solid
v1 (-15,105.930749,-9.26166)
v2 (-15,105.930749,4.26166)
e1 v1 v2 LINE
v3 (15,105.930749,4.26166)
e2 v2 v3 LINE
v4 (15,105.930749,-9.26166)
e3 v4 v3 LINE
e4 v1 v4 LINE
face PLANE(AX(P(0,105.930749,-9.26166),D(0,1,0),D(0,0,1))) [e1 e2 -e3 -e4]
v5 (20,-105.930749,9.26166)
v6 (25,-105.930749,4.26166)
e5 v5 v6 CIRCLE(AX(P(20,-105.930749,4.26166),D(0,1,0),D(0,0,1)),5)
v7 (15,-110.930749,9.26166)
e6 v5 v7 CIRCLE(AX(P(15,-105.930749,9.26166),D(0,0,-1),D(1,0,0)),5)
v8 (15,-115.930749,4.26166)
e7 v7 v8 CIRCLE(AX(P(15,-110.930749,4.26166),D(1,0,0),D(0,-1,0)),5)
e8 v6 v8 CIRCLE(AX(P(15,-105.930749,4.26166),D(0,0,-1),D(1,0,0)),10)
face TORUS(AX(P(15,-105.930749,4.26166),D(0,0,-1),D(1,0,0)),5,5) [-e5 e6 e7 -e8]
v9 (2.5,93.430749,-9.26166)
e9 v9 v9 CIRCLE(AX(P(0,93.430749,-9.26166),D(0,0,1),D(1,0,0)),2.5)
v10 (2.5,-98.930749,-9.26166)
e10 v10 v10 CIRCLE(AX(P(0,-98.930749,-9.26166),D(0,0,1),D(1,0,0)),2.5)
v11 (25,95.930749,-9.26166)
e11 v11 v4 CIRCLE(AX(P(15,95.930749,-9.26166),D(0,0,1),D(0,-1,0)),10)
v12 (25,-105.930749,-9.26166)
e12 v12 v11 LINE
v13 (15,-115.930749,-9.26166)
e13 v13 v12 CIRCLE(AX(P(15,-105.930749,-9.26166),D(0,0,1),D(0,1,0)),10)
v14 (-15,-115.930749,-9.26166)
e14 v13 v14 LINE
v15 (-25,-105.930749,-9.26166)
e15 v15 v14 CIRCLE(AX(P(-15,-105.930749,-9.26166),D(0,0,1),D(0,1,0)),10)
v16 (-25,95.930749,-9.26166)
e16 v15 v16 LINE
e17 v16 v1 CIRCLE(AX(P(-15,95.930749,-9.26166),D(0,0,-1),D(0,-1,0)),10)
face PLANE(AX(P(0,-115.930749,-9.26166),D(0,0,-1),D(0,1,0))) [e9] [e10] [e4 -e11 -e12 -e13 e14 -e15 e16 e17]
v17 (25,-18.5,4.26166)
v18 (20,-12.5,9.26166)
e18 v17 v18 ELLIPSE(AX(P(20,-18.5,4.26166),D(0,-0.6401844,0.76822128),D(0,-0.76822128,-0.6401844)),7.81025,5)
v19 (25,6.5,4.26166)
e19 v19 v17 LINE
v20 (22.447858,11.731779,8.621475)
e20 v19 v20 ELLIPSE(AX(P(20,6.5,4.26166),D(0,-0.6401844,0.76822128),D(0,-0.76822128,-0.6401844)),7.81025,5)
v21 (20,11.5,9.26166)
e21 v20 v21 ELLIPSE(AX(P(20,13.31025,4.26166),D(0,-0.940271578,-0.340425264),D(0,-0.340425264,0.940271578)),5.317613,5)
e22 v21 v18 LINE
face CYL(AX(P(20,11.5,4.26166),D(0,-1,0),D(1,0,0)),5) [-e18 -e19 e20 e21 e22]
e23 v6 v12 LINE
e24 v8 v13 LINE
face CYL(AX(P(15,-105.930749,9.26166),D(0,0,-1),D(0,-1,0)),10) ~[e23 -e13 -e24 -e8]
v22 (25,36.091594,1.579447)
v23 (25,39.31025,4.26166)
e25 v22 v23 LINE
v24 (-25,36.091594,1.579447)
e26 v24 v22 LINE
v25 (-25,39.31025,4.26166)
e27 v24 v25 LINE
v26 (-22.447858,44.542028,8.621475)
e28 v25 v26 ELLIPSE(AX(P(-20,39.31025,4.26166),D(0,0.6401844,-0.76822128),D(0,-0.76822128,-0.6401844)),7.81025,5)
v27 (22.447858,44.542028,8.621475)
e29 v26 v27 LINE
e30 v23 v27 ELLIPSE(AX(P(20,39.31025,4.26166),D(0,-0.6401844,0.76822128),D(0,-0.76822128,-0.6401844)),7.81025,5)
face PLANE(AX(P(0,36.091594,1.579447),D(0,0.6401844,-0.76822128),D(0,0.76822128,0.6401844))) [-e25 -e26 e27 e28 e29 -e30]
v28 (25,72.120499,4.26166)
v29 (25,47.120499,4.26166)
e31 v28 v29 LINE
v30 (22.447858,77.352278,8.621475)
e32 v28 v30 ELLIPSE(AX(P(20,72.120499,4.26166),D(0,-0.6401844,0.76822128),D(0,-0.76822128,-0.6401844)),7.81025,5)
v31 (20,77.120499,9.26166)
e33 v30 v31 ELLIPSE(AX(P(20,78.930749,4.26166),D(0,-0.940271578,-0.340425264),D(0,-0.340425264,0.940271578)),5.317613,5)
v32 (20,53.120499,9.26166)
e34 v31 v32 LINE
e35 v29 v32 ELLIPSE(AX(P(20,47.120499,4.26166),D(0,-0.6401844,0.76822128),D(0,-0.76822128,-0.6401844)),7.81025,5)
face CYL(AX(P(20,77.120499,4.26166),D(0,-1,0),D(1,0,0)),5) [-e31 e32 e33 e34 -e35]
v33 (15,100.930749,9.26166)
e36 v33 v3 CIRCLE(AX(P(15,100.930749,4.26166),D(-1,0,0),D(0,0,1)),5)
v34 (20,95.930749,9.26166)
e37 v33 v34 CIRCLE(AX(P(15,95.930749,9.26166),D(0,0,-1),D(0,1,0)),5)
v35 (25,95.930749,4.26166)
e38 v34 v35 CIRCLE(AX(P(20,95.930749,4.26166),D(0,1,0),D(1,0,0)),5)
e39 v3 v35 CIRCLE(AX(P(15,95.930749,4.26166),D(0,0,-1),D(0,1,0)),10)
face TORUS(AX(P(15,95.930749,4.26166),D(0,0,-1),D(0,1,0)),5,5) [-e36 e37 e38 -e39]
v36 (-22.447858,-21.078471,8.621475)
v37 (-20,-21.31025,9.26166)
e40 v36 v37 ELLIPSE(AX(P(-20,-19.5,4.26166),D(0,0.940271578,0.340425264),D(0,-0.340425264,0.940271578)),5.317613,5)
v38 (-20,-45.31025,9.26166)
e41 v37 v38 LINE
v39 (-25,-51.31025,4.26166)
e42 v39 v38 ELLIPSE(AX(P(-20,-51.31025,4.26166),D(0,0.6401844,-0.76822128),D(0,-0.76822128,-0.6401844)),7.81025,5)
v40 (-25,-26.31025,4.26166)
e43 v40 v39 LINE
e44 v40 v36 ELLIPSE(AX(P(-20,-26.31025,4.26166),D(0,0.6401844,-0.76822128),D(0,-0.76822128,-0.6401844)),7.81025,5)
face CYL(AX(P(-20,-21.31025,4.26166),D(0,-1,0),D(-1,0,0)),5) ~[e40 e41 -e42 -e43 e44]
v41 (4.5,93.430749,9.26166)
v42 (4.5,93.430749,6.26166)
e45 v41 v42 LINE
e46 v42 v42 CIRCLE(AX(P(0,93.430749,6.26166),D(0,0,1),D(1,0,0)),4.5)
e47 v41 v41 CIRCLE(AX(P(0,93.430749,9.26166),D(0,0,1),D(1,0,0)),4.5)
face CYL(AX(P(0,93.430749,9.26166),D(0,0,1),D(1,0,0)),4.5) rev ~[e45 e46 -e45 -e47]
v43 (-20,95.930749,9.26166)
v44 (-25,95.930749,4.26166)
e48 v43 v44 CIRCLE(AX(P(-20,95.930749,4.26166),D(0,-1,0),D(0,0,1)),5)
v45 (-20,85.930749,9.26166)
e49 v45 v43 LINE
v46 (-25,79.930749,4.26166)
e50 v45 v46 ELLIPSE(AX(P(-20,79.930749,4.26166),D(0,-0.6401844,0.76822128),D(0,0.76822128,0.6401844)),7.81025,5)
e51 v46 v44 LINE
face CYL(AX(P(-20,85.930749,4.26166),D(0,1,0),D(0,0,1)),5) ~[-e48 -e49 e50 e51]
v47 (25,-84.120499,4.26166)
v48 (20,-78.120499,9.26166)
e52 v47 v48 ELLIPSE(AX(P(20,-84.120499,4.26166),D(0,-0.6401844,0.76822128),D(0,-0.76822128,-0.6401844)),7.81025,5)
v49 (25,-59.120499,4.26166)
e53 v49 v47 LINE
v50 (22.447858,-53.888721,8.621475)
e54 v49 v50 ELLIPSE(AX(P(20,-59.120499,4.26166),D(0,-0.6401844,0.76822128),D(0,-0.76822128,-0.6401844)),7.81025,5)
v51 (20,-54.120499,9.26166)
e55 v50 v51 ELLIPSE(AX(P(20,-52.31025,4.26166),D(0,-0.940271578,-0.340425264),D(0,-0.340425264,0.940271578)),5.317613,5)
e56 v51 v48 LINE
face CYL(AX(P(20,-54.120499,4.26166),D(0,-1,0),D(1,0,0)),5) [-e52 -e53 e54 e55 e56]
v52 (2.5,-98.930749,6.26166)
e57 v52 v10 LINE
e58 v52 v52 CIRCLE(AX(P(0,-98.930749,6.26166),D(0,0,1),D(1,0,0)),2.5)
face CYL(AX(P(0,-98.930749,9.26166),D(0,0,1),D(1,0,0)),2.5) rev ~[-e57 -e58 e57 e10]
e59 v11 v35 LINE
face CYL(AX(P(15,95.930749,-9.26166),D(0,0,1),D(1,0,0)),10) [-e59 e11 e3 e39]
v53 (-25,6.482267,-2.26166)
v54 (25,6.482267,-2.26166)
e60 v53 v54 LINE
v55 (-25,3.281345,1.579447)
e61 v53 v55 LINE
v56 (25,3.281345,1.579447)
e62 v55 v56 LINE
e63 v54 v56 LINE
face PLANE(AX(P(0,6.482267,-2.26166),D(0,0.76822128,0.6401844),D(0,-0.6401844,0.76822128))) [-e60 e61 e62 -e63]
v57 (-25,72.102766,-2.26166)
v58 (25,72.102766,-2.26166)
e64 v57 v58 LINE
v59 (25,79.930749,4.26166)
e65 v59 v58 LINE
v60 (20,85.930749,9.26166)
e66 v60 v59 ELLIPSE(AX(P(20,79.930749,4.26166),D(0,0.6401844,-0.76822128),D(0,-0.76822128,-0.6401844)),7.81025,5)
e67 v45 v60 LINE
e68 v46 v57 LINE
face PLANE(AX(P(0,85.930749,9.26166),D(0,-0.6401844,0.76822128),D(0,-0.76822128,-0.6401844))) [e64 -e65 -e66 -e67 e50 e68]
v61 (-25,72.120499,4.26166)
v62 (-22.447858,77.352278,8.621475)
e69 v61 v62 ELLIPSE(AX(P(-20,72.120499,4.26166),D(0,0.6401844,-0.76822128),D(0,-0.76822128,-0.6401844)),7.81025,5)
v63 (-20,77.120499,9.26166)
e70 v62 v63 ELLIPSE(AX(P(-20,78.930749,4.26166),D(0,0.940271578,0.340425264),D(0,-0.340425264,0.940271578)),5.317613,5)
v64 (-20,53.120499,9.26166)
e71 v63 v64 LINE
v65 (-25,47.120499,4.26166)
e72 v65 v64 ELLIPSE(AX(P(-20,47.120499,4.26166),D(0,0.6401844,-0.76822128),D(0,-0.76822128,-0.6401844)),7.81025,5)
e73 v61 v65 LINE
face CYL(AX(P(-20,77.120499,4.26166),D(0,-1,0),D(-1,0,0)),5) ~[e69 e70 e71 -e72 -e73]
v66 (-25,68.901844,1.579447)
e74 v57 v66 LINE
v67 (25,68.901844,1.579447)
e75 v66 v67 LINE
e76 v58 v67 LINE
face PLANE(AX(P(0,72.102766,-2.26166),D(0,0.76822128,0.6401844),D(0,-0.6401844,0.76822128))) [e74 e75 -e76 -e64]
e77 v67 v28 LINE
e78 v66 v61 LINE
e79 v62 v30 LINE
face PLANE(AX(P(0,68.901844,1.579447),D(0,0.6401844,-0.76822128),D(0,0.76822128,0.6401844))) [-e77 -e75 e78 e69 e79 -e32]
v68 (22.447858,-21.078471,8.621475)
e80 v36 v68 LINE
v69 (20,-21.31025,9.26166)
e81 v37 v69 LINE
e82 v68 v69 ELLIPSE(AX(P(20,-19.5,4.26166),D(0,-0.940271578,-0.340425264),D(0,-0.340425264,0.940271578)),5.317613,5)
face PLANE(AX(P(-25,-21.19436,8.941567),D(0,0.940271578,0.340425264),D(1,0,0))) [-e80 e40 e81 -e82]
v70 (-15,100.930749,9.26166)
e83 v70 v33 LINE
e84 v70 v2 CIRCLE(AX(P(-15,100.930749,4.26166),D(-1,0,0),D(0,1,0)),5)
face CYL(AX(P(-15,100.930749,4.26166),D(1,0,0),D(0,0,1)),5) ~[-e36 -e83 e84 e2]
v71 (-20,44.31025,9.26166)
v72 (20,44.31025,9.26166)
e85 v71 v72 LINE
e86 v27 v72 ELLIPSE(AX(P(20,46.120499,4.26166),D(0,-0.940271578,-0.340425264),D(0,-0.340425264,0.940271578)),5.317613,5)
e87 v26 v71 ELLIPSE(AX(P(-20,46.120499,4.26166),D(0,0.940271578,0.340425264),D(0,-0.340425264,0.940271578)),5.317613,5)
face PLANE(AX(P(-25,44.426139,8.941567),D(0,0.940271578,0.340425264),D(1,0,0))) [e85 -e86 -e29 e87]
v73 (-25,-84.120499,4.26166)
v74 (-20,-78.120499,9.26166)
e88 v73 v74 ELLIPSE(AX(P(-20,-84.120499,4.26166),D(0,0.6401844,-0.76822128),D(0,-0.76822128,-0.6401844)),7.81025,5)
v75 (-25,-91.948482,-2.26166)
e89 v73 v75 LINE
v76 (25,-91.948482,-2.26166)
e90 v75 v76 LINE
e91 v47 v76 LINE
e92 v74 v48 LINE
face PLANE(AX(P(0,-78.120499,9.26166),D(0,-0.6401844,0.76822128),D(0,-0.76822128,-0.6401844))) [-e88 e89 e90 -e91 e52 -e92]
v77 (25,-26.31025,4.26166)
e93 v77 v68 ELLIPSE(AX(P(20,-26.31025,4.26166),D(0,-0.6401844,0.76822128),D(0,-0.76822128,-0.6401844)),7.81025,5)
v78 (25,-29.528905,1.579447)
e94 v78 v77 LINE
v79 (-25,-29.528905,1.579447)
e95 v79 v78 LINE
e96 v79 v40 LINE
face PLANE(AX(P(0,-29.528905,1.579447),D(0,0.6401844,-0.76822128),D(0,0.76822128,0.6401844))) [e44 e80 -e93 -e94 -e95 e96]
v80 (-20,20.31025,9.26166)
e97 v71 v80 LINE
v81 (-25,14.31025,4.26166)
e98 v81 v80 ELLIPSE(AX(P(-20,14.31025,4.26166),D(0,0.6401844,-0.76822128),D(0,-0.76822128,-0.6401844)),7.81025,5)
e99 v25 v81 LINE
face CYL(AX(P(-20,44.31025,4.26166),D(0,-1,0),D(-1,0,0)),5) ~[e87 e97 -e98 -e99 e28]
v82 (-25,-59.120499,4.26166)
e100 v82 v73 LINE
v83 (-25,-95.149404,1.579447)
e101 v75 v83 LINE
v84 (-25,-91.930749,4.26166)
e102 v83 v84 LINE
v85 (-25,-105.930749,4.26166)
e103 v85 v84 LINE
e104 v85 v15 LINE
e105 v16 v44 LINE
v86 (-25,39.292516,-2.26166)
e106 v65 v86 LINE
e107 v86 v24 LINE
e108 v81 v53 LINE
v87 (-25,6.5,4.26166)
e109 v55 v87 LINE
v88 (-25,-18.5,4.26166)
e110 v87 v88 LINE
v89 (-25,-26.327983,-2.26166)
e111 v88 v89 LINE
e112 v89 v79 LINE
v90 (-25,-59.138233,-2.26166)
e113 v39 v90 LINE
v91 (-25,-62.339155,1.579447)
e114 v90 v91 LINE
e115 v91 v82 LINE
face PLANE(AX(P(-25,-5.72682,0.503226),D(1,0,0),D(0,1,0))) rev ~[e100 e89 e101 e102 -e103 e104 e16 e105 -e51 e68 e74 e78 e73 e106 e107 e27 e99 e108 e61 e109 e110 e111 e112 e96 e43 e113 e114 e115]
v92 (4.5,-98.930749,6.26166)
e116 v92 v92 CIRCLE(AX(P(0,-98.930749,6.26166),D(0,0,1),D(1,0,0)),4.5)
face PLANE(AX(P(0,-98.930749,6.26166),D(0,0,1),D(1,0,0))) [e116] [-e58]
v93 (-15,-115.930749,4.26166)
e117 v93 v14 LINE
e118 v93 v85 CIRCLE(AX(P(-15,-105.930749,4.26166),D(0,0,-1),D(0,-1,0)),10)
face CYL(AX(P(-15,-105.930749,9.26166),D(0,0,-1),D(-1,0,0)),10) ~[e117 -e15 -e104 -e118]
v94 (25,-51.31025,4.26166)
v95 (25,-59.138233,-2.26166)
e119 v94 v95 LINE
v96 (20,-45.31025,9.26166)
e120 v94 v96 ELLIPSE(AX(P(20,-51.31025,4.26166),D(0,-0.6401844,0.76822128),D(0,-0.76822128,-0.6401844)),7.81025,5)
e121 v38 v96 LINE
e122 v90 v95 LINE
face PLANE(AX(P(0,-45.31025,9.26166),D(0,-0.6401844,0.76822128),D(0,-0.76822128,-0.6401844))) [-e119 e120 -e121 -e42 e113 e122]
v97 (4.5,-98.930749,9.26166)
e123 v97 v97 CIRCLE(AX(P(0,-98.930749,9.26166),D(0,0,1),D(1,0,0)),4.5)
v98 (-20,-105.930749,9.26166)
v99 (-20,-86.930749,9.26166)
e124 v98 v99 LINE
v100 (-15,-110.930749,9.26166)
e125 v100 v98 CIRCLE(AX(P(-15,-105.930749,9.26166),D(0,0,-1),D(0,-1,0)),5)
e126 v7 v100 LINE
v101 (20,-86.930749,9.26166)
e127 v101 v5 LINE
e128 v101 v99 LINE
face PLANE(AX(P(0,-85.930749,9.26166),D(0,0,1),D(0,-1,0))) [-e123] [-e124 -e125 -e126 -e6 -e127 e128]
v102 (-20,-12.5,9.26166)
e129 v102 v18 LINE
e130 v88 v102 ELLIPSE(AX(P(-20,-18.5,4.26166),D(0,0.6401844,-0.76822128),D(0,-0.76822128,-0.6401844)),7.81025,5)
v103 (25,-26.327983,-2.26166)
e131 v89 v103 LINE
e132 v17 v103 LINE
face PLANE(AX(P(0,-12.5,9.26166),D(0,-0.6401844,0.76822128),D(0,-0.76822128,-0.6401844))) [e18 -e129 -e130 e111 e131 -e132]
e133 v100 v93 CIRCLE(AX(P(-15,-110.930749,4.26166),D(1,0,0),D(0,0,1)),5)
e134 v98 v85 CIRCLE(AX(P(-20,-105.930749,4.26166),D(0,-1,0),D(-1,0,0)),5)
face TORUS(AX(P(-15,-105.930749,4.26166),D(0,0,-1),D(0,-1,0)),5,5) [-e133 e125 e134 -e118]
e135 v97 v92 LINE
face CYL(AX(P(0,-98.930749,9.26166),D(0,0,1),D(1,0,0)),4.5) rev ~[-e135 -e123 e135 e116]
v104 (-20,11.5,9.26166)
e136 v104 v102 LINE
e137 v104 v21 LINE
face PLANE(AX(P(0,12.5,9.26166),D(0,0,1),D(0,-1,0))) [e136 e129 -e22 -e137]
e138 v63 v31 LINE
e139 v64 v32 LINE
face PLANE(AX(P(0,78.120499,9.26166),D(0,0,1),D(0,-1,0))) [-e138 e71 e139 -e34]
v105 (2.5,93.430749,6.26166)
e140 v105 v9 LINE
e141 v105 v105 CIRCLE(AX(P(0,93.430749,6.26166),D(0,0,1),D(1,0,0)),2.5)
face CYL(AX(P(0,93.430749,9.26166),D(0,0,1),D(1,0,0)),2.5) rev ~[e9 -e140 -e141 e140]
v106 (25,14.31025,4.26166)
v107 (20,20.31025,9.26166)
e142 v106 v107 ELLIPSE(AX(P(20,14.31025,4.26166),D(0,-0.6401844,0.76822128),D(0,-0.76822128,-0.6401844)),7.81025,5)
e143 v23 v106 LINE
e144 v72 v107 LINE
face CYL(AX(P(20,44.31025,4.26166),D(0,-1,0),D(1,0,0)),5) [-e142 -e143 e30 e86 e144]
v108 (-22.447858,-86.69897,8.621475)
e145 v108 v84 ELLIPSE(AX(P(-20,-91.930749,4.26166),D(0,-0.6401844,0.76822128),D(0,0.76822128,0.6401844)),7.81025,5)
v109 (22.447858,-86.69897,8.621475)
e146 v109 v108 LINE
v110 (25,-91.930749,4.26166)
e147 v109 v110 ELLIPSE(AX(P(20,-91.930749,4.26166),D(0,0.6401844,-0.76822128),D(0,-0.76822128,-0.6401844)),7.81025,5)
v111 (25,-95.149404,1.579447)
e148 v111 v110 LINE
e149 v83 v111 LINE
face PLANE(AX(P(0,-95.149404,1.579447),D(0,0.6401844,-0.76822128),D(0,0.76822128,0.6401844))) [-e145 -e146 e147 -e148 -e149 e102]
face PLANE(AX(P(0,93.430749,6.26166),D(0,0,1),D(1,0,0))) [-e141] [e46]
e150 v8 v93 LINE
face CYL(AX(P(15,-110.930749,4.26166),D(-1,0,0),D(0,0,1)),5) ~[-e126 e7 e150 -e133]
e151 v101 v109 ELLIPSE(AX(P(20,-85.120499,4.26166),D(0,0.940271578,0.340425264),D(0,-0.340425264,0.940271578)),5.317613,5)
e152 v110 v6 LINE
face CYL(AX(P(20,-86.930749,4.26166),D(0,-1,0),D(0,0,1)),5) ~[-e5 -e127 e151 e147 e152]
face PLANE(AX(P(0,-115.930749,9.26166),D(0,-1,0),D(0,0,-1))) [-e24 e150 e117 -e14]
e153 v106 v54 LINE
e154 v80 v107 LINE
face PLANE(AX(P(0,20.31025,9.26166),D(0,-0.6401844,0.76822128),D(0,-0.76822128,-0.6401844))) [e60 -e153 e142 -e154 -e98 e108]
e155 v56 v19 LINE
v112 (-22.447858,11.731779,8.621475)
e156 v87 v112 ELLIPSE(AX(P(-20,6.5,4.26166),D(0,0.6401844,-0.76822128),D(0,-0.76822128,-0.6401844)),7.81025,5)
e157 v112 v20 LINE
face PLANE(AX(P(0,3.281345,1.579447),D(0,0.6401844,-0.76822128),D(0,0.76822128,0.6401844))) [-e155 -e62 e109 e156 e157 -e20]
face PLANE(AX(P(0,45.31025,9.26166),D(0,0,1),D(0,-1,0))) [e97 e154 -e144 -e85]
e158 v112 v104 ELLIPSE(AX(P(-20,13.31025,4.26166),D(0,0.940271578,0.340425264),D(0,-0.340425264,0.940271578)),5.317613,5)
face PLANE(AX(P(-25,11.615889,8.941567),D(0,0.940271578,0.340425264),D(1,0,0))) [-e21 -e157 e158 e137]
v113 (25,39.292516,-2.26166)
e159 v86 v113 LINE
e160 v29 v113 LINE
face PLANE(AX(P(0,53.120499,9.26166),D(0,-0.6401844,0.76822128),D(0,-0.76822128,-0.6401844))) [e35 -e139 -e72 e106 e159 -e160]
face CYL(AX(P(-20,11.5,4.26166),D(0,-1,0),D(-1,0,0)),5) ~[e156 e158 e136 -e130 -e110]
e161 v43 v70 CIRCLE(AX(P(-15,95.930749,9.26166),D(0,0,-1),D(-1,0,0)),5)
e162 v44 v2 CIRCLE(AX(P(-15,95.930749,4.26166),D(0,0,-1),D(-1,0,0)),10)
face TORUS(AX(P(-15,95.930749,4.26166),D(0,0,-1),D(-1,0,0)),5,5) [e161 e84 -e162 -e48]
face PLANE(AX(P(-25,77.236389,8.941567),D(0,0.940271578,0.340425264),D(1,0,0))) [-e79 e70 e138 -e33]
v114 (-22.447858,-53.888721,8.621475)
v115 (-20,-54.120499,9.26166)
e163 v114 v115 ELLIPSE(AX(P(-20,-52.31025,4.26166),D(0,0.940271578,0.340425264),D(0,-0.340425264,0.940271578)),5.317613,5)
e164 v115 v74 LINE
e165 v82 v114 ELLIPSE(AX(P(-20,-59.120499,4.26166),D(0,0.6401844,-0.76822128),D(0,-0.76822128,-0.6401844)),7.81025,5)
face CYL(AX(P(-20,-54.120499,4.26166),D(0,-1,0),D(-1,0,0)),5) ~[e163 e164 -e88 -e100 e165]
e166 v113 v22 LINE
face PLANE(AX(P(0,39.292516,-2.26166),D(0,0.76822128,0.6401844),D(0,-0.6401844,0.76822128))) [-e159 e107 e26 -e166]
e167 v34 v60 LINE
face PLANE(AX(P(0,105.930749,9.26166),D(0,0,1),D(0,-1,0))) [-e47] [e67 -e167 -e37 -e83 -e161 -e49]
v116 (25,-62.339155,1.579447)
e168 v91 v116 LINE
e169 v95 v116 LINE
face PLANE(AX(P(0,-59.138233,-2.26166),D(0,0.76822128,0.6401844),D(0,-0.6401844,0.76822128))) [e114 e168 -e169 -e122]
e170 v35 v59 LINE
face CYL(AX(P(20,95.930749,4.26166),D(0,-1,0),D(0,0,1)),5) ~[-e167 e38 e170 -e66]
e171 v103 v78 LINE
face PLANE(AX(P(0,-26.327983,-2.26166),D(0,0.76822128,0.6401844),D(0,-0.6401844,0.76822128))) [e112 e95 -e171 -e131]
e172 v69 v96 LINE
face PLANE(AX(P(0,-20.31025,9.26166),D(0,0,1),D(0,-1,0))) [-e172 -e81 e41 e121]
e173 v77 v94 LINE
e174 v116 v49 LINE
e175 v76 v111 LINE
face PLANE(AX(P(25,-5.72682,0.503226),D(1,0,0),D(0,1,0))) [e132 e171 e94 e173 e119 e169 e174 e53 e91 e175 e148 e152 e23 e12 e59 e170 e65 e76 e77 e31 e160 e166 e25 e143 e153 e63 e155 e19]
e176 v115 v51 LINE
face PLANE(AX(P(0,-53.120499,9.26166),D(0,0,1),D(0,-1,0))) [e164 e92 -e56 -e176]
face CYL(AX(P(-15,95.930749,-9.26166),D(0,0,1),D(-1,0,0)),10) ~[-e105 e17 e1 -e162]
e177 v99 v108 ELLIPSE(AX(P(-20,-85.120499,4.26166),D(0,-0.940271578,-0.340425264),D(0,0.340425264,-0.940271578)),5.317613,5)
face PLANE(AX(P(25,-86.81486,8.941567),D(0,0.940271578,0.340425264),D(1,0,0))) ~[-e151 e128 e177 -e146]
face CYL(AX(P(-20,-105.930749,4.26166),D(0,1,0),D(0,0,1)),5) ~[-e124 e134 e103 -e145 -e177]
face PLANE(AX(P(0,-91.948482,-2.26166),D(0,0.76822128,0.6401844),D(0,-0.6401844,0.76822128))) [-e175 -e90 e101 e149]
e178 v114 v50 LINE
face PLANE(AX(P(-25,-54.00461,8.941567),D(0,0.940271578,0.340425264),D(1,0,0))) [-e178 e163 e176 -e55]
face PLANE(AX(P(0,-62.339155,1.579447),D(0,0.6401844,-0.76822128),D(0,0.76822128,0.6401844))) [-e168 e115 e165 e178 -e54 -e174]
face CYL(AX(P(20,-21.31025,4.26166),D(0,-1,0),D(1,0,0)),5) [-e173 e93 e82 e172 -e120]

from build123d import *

# Parameters (mm, degrees)
F1_DEPTH  = 25
F2_SIZE   = 1
F3_R      = 10
F4_R      = 5
F5_R      = 2.5
F6_DEPTH  = 25
F5_R_2    = 4.5
F7_DEPTH  = 3
F8_R      = 2.5
F9_DEPTH  = 25
F8_R_2    = 4.5
F10_DEPTH = 3


with BuildPart() as f1:
    # F0 (on Right) → F1 (new body, symmetric)
    with BuildSketch(Plane.YZ):
        Polygon((-115.9307490277, -9.261659597), (-105.9307490277, -9.261659597), (105.9307490277, -9.261659597), (105.9307490277, 9.261659597), (85.9307490277, 9.261659597), (72.102765995, -2.261659597), (68.9018439966, 1.579446801), (78.1204993518, 9.261659597), (53.1204993518, 9.261659597), (39.2925163191, -2.261659597), (36.0915943207, 1.579446801), (45.3102496759, 9.261659597), (20.3102496759, 9.261659597), (6.4822666432, -2.261659597), (3.2813446448, 1.579446801), (12.5, 9.261659597), (-12.5, 9.261659597), (-26.3279830328, -2.261659597), (-29.5289050311, 1.579446801), (-20.3102496759, 9.261659597), (-45.3102496759, 9.261659597), (-59.1382327087, -2.261659597), (-62.339154707, 1.579446801), (-53.1204993518, 9.261659597), (-78.1204993518, 9.261659597), (-91.9484823846, -2.261659597), (-95.1494043829, 1.579446801), (-85.9307490277, 9.261659597), (-105.9307490277, 9.261659597), (-115.9307490277, 9.261659597), align=None)
    extrude(amount=F1_DEPTH, both=True)

    # F2
    f2_edges = [f1.edges().sort_by_distance(p)[0] for p in [
        (0, -85.930749, 9.26166),
        (0, -53.120499, 9.26166),
        (0, -20.31025, 9.26166),
        (0, 12.5, 9.26166),
        (0, 45.31025, 9.26166),
        (0, 78.120499, 9.26166),
    ]]
    chamfer(f2_edges, length=F2_SIZE)

    # F3
    f3_edges = [f1.edges().sort_by_distance(p)[0] for p in [
        (25, -115.930749, 0),
        (-25, -115.930749, 0),
        (25, 105.930749, 0),
        (-25, 105.930749, 0),
    ]]
    fillet(f3_edges, radius=F3_R)

    # F4
    f4_edges = [f1.edges().sort_by_distance(p)[0] for p in [
        (0, 105.930749, 9.26166),
        (22.071068, 103.001817, 9.26166),
        (25, 90.930749, 9.26166),
        (25, 65.120499, 9.26166),
        (25, 32.31025, 9.26166),
        (25, -0.5, 9.26166),
        (25, -33.31025, 9.26166),
        (25, -66.120499, 9.26166),
        (25, -96.430749, 9.26166),
        (22.071068, -113.001817, 9.26166),
        (0, -115.930749, 9.26166),
        (-22.071068, -113.001817, 9.26166),
        (-25, -96.430749, 9.26166),
        (-25, -66.120499, 9.26166),
        (-25, -33.31025, 9.26166),
        (-25, -0.5, 9.26166),
        (-25, 32.31025, 9.26166),
        (-25, 65.120499, 9.26166),
        (-22.071068, 103.001817, 9.26166),
    ]]
    fillet(f4_edges, radius=F4_R)

    # F5 (on face) → F6 (cut)
    with BuildSketch(Plane.XY.offset(9.261659597)):
        with Locations((0, -98.9307490277)):
            Circle(F5_R)
    extrude(amount=-F6_DEPTH, mode=Mode.SUBTRACT)

    # F5 (on face) → F7 (cut)
    with BuildSketch(Plane.XY.offset(9.261659597)):
        with Locations((0, -98.9307490277)):
            Circle(F5_R_2)
        with Locations((0, -98.9307490277)):
            Circle(F5_R, mode=Mode.SUBTRACT)
    extrude(amount=-F7_DEPTH, mode=Mode.SUBTRACT)

    # F8 (on face) → F9 (cut)
    with BuildSketch(Plane.XY.offset(9.261659597)):
        with Locations((0, 93.4307490277)):
            Circle(F8_R)
    extrude(amount=-F9_DEPTH, mode=Mode.SUBTRACT)

    # F8 (on face) → F10 (cut)
    with BuildSketch(Plane.XY.offset(9.261659597)):
        with Locations((0, 93.4307490277)):
            Circle(F8_R_2)
        with Locations((0, 93.4307490277)):
            Circle(F8_R, mode=Mode.SUBTRACT)
    extrude(amount=-F10_DEPTH, mode=Mode.SUBTRACT)


solid = f1.part
